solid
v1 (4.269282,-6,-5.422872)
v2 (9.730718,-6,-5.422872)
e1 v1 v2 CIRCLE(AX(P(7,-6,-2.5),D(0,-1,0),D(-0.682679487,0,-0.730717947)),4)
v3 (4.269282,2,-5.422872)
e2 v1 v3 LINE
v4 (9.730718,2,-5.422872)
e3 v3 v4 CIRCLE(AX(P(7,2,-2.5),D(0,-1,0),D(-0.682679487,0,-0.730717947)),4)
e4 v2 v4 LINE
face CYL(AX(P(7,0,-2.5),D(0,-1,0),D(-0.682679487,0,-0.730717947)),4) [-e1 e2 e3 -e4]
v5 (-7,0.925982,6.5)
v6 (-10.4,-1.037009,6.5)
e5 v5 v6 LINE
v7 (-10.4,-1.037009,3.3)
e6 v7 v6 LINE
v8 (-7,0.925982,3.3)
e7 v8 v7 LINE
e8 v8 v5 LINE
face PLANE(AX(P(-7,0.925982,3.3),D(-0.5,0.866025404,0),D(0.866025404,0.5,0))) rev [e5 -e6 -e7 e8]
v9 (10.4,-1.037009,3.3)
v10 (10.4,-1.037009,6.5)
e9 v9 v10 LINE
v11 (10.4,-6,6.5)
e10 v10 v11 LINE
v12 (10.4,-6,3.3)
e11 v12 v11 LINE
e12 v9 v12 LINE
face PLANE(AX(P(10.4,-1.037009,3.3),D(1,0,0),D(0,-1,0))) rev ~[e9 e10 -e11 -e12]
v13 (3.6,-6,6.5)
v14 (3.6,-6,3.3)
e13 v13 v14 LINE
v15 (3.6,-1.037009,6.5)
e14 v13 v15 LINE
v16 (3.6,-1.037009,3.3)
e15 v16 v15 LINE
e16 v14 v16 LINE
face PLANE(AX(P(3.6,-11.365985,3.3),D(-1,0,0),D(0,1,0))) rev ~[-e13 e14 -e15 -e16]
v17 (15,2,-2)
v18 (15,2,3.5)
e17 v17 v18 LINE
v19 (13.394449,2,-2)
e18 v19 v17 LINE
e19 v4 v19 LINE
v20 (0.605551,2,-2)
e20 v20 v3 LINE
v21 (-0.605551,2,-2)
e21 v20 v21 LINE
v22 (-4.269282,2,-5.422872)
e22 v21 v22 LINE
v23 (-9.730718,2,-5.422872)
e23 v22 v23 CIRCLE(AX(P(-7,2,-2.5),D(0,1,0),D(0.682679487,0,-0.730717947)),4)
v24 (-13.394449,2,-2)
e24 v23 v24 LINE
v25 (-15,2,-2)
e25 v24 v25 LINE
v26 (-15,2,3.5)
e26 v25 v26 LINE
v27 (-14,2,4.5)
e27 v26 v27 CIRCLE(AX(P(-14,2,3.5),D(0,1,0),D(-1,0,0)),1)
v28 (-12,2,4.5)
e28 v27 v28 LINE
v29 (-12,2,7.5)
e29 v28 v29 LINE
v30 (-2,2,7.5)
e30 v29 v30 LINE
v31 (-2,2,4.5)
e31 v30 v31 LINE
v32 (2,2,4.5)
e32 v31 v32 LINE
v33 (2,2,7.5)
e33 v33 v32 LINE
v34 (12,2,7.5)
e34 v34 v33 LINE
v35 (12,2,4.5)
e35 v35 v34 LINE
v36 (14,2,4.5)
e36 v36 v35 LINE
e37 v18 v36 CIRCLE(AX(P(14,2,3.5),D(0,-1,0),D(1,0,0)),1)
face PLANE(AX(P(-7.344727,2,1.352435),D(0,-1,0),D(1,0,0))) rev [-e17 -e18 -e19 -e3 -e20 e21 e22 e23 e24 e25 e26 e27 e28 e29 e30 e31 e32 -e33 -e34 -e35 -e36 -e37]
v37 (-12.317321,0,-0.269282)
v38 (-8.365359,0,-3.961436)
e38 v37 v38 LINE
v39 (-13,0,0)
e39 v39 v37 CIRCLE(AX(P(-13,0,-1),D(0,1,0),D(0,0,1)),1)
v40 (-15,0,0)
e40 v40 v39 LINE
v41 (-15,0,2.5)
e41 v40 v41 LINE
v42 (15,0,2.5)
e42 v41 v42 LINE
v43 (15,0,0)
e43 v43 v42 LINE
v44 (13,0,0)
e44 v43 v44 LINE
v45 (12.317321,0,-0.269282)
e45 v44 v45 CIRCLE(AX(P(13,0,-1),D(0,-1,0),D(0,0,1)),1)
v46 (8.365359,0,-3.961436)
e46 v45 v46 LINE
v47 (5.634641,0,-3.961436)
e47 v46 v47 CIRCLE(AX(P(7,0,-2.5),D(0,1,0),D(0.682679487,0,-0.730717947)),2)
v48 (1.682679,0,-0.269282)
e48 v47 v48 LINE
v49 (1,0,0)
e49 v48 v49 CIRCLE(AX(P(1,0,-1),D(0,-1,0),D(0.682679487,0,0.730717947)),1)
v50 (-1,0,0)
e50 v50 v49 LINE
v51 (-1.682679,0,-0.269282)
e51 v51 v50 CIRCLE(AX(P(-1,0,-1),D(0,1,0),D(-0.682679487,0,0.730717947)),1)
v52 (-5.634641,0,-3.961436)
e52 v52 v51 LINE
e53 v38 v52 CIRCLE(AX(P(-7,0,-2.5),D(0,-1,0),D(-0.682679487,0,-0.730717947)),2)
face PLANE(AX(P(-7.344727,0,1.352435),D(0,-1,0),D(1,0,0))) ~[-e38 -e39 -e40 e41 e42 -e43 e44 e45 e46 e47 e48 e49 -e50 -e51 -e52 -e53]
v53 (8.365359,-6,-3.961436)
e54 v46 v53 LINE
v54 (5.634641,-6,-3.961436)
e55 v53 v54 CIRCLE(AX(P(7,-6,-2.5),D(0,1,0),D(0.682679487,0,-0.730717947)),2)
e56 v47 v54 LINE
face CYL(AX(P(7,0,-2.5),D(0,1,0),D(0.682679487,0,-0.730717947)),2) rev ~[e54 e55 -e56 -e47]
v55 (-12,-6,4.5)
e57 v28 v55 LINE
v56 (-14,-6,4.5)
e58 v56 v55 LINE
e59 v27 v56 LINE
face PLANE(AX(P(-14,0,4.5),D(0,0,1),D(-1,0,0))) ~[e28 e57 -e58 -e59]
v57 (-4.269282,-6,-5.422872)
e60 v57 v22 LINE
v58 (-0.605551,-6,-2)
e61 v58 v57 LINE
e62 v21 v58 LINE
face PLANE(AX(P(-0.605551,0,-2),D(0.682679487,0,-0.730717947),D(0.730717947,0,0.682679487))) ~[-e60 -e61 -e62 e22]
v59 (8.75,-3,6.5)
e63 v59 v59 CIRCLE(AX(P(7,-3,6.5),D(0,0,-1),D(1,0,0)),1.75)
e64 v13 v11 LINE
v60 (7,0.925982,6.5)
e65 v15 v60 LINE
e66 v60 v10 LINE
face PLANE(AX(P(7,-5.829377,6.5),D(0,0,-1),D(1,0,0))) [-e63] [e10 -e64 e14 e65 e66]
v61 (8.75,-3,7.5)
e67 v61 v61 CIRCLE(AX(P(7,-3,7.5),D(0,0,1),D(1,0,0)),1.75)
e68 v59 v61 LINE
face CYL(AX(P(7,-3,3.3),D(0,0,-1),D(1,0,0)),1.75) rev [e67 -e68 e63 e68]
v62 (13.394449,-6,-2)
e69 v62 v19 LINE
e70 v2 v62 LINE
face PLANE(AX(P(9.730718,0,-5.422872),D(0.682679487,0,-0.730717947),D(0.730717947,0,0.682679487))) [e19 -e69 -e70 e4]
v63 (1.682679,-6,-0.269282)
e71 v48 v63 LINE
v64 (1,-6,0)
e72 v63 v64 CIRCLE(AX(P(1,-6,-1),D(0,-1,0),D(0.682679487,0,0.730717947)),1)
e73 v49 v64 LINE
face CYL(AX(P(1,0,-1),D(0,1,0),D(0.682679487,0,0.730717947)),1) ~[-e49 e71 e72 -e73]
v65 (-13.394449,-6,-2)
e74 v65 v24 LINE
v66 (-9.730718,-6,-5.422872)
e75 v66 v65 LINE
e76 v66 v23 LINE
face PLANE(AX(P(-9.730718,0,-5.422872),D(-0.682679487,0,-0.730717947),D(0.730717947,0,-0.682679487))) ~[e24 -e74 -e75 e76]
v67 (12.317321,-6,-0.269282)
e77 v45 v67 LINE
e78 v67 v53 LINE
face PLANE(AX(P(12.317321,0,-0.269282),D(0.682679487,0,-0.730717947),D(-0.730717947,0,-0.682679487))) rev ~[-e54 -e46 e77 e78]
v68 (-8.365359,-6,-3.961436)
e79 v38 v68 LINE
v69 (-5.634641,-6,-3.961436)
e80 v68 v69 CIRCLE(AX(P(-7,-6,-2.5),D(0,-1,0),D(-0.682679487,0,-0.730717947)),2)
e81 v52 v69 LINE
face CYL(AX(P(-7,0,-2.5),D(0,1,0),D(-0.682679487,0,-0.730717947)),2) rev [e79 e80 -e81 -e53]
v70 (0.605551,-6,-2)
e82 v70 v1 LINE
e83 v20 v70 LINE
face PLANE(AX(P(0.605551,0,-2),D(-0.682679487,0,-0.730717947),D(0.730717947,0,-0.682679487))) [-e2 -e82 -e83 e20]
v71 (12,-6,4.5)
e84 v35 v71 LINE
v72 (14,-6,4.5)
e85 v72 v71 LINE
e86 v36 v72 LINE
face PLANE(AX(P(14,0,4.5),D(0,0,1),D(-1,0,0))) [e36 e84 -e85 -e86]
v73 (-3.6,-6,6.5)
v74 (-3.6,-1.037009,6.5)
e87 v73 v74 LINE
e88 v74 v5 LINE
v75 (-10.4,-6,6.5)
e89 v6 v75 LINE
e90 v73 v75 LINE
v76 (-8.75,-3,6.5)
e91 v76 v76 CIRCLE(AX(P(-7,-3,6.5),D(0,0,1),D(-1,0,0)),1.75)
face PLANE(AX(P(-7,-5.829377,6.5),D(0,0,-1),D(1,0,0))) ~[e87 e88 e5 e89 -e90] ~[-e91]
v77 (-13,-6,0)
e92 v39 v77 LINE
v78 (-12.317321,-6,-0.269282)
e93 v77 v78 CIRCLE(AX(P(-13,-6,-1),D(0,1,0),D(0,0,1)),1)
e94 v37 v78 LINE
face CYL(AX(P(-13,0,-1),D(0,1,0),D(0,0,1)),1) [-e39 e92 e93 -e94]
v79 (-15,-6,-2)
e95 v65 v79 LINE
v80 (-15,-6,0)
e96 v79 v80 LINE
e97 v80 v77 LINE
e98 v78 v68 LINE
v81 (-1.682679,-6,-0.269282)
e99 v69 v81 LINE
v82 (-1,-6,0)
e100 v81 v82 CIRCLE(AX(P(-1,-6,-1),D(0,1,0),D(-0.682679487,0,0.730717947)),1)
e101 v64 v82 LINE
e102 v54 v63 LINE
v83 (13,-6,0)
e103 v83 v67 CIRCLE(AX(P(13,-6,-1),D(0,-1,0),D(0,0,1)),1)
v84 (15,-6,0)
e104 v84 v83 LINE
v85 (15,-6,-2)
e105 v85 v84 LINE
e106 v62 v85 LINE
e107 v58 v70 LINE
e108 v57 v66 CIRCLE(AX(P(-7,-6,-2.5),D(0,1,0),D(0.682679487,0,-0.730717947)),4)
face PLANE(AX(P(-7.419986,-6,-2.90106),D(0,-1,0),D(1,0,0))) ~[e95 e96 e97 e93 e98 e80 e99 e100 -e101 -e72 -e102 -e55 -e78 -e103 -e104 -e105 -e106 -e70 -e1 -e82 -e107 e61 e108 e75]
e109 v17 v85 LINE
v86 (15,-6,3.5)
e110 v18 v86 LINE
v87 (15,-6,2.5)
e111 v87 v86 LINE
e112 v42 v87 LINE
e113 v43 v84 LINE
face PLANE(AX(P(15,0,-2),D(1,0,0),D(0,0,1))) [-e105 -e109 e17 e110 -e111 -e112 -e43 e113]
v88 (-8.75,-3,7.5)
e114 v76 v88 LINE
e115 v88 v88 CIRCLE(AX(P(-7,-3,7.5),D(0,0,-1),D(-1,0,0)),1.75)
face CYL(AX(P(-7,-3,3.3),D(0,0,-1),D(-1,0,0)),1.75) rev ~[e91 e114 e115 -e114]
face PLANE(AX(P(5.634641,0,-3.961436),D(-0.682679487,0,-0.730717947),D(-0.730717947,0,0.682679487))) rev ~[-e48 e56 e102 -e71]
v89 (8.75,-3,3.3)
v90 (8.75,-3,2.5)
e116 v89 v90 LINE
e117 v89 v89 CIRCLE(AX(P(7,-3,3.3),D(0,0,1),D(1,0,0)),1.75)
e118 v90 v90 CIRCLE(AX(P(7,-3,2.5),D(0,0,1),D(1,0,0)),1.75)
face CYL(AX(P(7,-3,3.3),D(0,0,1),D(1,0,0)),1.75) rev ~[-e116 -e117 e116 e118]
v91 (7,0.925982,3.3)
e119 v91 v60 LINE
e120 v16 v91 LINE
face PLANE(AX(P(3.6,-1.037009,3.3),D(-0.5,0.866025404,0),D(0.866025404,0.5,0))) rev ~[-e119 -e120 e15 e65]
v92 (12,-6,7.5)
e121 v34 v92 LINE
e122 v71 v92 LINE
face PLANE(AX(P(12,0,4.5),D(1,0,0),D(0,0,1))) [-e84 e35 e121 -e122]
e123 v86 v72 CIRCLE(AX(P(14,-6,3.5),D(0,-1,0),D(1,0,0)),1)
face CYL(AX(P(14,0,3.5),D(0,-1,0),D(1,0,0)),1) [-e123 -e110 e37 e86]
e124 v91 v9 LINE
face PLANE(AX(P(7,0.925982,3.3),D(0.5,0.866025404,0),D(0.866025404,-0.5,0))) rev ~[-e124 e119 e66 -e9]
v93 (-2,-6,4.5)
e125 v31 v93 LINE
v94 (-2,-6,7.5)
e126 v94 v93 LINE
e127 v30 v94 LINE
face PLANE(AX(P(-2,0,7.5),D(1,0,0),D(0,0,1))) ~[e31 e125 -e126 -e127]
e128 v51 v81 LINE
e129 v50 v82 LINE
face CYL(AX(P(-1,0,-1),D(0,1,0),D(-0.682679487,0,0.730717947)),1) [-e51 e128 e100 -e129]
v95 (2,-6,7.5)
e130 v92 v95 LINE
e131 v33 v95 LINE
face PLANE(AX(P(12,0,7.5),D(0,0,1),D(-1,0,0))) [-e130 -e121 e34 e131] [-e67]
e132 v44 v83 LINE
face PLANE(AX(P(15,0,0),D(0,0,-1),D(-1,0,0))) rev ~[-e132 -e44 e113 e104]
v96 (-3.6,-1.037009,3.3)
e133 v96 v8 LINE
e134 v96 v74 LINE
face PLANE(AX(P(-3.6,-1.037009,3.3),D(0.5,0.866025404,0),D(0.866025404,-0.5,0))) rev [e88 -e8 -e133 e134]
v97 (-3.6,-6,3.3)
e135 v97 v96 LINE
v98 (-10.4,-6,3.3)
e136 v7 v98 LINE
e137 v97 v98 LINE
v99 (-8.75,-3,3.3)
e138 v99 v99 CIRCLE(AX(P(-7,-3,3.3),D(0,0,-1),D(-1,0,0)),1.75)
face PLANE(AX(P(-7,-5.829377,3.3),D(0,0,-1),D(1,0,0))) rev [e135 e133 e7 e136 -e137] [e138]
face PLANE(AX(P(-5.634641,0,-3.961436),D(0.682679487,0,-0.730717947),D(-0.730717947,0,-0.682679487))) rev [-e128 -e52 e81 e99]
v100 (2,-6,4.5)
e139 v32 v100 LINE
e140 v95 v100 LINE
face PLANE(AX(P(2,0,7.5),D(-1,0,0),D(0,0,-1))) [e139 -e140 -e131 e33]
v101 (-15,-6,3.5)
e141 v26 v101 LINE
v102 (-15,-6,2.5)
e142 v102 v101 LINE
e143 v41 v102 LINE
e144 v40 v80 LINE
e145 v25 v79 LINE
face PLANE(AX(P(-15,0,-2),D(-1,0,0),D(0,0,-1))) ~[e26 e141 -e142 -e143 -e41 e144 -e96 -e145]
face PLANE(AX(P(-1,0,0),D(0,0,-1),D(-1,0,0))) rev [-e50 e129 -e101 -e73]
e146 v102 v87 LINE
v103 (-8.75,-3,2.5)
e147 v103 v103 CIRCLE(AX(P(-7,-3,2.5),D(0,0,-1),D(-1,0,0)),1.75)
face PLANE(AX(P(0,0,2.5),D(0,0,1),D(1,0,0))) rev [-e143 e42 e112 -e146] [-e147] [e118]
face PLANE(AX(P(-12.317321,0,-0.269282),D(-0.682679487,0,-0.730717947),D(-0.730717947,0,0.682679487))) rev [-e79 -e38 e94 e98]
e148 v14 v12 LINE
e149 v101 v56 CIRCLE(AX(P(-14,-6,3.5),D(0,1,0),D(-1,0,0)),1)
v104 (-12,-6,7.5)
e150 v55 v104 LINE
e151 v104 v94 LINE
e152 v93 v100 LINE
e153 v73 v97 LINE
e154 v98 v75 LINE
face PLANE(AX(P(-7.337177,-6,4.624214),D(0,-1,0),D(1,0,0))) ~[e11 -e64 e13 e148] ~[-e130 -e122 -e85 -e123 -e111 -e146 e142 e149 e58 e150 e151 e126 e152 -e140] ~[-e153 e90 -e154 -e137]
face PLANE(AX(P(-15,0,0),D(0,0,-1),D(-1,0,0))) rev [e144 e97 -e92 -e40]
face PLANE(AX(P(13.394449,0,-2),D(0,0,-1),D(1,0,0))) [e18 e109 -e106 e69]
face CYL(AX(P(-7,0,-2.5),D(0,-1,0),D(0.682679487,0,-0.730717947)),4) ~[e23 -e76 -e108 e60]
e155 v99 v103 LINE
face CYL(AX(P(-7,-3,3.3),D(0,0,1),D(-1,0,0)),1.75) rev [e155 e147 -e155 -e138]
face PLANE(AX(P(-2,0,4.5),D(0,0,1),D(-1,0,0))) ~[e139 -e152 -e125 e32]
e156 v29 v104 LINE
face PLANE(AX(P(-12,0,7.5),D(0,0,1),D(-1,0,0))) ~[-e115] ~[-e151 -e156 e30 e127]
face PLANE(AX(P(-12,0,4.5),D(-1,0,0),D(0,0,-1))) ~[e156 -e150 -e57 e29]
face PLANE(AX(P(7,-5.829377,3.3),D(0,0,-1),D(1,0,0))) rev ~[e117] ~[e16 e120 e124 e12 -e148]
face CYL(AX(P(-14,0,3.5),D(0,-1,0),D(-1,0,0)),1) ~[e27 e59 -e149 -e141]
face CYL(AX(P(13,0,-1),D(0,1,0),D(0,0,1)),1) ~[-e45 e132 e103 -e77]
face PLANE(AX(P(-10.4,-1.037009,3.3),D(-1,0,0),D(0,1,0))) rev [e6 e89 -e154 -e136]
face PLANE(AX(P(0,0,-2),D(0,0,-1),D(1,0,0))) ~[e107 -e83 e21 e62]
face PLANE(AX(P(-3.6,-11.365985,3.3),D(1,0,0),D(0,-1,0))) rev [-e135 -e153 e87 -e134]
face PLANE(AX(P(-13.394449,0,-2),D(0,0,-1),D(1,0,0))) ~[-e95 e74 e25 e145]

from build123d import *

# Parameters (mm, degrees)
F1_DEPTH      = 6
F3_DEPTH      = 2
F6_DEPTH      = 3.2
F7_R          = 1.75
F8_DEPTH      = 4.2
F8_DEPTH_BACK = 0.8


with BuildPart() as f1:
    # F0 (on Front) → F1 (new body)
    with BuildSketch(Plane.XZ):
        with BuildLine():
            Line((15, 0), (13, 0))
            ThreePointArc((13, 0), (12.6330653649, -0.0697532727), (12.3173205132, -0.2692820528))
            Line((12.3173205132, -0.2692820528), (8.3653589736, -3.9614358943))
            ThreePointArc((8.3653589736, -3.9614358943), (7, -4.5), (5.6346410264, -3.9614358943))
            Line((5.6346410264, -3.9614358943), (1.6826794868, -0.2692820528))
            ThreePointArc((1.6826794868, -0.2692820528), (1.3669346351, -0.0697532727), (1, 0))
            Line((1, 0), (0, 0))
            Line((0, 0), (0, -2))
            Line((0, -2), (0.6055512755, -2))
            Line((0.6055512755, -2), (4.2692820528, -5.4228717887))
            ThreePointArc((4.2692820528, -5.4228717887), (7, -6.5), (9.7307179472, -5.4228717887))
            Line((9.7307179472, -5.4228717887), (13.3944487245, -2))
            Line((13.3944487245, -2), (15, -2))
            Line((15, -2), (15, 0))
        make_face()
    extrude(amount=F1_DEPTH)



with BuildPart() as f1b:
    # F0 (on Front) → F1, piece 2 (new body)
    with BuildSketch(Plane.XZ):
        with BuildLine():
            Line((0, 4.5), (0, 2.5))
            Line((0, 2.5), (1, 2.5))
            Line((1, 2.5), (13, 2.5))
            Line((13, 2.5), (15, 2.5))
            Line((15, 2.5), (15, 3.5))
            ThreePointArc((15, 3.5), (14.7071067812, 4.2071067812), (14, 4.5))
            Line((14, 4.5), (12, 4.5))
            Line((12, 4.5), (12, 7.5))
            Line((12, 7.5), (2, 7.5))
            Line((2, 7.5), (2, 4.5))
            Line((2, 4.5), (0, 4.5))
        make_face()
    extrude(amount=F1_DEPTH)


with BuildPart() as f1_1:
    add(f1.part)

    add(f1b.part)  # F3 merges F1b
    # F2 (on Front) → F3 (join)
    with BuildSketch(Plane.XZ):
        with BuildLine():
            Line((13.3944487245, -2), (15, -2))
            Line((15, -2), (15, 3.5))
            ThreePointArc((15, 3.5), (14.7071067812, 4.2071067812), (14, 4.5))
            Line((14, 4.5), (12, 4.5))
            Line((12, 4.5), (12, 7.5))
            Line((12, 7.5), (2, 7.5))
            Line((2, 7.5), (2, 4.5))
            Line((2, 4.5), (0, 4.5))
            Line((0, 4.5), (0, -2))
            Line((0, -2), (0.6055512755, -2))
            Line((0.6055512755, -2), (4.2692820528, -5.4228717887))
            ThreePointArc((4.2692820528, -5.4228717887), (7, -6.5), (9.7307179472, -5.4228717887))
            Line((9.7307179472, -5.4228717887), (13.3944487245, -2))
        make_face()
    extrude(amount=-F3_DEPTH)

    # F5 (on offset) → F6 (cut)
    with BuildSketch(Plane(origin=(0, 0, 3.3), x_dir=(1, 0, 0), z_dir=(0, 0, -1))):
        Polygon((7, -0.9259818305), (10.4, 1.0370090848), (10.4, 4.9629909152), (10.4, 11.3659846154), (3.6, 11.3659846154), (3.6, 4.9629909152), (3.6, 1.0370090848), align=None)
    extrude(amount=-F6_DEPTH, mode=Mode.SUBTRACT)

    # F7 (on face) → F8 (cut, two sides)
    with BuildSketch(Plane.XY.offset(3.3)) as f8_sk:
        with Locations((7, -3)):
            Circle(F7_R)
    extrude(amount=F8_DEPTH, mode=Mode.SUBTRACT)
    extrude(f8_sk.sketch, amount=-F8_DEPTH_BACK, mode=Mode.SUBTRACT)

    # F9: F1 across plane


with BuildPart() as f1_2:
    add(f1_1.part)
    add(f1_1.part.mirror(Plane.YZ))


solid = f1_2.part
